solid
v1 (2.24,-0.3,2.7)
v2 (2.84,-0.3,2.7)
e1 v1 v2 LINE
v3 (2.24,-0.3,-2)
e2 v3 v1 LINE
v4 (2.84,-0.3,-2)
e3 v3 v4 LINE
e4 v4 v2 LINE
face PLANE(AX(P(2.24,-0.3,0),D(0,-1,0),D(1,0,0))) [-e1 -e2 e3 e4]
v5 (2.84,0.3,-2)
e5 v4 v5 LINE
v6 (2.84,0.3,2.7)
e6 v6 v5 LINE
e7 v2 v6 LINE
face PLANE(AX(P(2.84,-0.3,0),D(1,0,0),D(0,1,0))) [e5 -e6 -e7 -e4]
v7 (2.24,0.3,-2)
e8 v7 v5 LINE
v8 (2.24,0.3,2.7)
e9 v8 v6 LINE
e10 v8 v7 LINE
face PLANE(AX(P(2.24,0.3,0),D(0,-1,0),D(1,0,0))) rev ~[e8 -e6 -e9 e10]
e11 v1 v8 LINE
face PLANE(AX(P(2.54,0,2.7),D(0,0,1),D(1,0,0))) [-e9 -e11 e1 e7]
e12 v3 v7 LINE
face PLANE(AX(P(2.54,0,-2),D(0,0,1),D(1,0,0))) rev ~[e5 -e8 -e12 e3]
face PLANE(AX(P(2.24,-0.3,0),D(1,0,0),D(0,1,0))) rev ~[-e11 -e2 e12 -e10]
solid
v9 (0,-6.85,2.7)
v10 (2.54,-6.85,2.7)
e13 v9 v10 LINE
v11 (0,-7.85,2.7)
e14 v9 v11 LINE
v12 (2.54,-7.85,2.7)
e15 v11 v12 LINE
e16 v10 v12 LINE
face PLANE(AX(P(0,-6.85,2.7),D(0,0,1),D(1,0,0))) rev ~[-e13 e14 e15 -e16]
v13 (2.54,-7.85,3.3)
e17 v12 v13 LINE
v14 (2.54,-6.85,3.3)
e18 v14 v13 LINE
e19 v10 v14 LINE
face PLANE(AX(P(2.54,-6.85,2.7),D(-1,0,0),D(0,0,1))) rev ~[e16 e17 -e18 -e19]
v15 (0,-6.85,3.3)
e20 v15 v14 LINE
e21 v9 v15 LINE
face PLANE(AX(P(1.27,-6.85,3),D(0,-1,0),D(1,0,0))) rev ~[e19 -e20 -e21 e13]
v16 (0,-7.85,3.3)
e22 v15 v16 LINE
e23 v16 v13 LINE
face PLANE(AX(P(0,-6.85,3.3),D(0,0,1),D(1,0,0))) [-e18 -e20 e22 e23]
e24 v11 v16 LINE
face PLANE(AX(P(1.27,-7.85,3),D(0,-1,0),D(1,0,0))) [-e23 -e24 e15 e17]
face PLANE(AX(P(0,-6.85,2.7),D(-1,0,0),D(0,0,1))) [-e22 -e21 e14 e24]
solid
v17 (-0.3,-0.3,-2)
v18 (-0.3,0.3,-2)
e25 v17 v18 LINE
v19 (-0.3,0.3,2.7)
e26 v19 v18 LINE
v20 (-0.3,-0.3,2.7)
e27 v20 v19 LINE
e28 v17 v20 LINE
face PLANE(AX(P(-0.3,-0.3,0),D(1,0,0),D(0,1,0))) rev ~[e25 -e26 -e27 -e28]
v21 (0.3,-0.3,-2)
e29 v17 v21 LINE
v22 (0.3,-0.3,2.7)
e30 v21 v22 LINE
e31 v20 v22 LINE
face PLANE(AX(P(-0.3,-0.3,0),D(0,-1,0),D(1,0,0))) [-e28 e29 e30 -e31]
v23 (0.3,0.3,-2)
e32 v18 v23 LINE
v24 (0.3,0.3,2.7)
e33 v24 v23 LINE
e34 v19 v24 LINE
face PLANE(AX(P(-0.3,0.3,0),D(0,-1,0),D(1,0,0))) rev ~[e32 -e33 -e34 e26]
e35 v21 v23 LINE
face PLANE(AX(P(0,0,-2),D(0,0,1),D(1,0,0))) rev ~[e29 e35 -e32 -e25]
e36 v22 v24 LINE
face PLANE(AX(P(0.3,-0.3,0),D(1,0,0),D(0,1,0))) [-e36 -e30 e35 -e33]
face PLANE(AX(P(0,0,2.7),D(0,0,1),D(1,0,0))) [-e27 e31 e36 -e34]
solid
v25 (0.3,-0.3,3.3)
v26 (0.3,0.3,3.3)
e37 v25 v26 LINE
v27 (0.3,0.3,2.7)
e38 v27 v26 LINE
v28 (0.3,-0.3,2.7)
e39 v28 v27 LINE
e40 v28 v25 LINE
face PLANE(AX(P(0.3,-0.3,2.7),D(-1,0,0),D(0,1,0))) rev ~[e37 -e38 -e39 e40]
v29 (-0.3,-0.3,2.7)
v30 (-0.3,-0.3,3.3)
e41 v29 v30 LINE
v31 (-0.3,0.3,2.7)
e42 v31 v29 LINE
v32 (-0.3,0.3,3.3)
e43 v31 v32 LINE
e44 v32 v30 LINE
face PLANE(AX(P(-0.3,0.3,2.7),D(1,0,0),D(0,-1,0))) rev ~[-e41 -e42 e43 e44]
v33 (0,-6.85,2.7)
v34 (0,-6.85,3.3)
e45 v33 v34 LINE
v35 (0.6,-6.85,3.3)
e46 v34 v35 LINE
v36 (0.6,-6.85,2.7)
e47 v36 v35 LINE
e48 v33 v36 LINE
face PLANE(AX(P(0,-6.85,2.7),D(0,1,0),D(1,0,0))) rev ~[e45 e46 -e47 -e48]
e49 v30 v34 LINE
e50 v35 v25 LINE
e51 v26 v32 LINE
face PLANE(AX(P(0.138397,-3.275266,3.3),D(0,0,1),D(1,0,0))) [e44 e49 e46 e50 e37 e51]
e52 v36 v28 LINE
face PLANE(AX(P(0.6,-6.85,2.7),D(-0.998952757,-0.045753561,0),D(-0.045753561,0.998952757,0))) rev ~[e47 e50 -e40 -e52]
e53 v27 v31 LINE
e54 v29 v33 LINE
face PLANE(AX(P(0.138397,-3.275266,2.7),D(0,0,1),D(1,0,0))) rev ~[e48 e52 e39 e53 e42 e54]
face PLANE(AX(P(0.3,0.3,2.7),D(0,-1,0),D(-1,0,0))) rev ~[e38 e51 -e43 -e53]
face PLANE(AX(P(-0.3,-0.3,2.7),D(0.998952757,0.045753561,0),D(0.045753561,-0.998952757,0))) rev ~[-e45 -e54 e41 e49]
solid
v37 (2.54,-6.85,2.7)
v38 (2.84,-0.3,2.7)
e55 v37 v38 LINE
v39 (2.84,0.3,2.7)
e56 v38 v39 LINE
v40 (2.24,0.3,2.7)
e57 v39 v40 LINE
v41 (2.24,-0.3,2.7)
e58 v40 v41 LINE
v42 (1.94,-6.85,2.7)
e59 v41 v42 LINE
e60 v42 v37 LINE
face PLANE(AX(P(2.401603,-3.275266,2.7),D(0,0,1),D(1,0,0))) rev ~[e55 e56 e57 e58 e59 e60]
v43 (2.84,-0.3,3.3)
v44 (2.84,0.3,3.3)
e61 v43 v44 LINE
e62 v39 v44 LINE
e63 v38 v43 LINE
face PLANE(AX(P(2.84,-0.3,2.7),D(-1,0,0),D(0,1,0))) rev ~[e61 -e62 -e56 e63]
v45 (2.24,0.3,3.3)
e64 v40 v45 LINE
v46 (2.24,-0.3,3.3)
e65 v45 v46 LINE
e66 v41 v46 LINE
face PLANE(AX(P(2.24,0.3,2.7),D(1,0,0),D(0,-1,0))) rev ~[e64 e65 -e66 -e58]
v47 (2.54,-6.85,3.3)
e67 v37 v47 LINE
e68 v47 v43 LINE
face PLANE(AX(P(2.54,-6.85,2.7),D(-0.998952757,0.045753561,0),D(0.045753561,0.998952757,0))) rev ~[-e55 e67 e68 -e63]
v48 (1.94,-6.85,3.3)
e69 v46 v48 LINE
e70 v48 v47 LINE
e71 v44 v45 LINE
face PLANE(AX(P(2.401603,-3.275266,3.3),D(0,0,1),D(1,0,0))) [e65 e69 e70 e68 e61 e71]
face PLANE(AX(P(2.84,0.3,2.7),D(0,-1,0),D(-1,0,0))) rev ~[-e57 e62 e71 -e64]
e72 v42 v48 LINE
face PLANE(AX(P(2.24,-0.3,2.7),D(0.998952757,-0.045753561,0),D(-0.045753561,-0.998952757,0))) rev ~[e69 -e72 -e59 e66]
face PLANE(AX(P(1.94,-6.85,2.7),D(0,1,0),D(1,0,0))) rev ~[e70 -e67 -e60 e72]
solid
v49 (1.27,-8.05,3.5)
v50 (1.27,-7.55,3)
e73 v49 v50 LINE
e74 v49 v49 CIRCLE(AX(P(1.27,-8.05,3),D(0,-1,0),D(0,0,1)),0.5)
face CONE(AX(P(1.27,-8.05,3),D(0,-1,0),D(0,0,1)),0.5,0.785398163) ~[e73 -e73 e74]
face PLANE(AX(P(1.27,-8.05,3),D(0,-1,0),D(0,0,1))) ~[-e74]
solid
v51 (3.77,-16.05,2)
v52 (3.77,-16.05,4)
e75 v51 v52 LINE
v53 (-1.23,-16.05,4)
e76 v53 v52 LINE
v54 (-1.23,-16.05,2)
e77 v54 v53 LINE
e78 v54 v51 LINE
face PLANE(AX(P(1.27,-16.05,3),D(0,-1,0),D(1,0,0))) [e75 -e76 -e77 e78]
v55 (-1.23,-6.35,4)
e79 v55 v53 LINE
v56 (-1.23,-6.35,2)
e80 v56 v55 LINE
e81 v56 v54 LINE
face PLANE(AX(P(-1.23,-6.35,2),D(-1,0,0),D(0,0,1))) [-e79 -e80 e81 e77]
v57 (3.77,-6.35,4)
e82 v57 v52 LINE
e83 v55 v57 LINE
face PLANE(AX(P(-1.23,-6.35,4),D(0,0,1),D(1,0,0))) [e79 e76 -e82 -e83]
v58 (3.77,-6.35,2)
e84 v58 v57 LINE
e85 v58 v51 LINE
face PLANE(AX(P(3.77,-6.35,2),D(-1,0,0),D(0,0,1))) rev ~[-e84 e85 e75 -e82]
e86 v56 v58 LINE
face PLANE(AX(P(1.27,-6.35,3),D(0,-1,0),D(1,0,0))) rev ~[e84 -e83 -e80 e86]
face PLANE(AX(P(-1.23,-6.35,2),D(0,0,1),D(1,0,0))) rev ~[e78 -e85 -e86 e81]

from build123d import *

# Parameters (mm, degrees)
SKETCH_W       = 0.6
SKETCH_H       = 0.6
PAD_DEPTH      = 2.7
PAD_DEPTH_BACK = 2
PAD001_DEPTH   = 0.6
SKETCH002_W    = 2.54
SKETCH002_H    = 0.6
PAD002_DEPTH   = 1
SKETCH004_W    = 5
SKETCH004_H    = 2
PAD003_DEPTH   = 9.7


with BuildPart() as pad:
    # Sketch → Pad (new body, two sides)
    with BuildSketch(Plane.XY) as pad_sk:
        Rectangle(SKETCH_W, SKETCH_H)
        with Locations((2.54, 0)):
            Rectangle(SKETCH_W, SKETCH_H)
    extrude(amount=PAD_DEPTH)
    extrude(pad_sk.sketch, amount=-PAD_DEPTH_BACK)


with BuildPart() as pad001:
    # Sketch001 → Pad001 (new body)
    with BuildSketch(Plane.XY.offset(2.7)):
        Polygon((0.3, 0.3), (-0.3, 0.3), (-0.3, -0.3), (0, -6.85), (0.6, -6.85), (0.3, -0.3), align=None)
        Polygon((2.84, 0.3), (2.24, 0.3), (2.24, -0.3), (1.94, -6.85), (2.54, -6.85), (2.84, -0.3), align=None)
    extrude(amount=PAD001_DEPTH)


with BuildPart() as pad002:
    # Sketch002 → Pad002 (new body)
    with BuildSketch(Plane.XZ.offset(6.85)):
        with Locations((1.27, 3)):
            Rectangle(SKETCH002_W, SKETCH002_H)
    extrude(amount=PAD002_DEPTH)


with BuildPart() as pad003:
    # Sketch004 → Pad003 (new body)
    with BuildSketch(Plane.XZ.offset(6.35)):
        with Locations((1.27, 3)):
            Rectangle(SKETCH004_W, SKETCH004_H)
    extrude(amount=PAD003_DEPTH)


with BuildPart() as revolution001:
    # Sketch005 → Revolution001 (revolve)
    with BuildSketch(Plane.YZ.offset(1.27)):
        Polygon((-7.55, 3), (-8.05, 3), (-8.05, 3.5), align=None)
    revolve(axis=Axis((1.27, -3.977201, 3), (0, -1, 0)))


solid = Compound([pad.part, pad001.part, pad002.part, pad003.part, revolution001.part])
